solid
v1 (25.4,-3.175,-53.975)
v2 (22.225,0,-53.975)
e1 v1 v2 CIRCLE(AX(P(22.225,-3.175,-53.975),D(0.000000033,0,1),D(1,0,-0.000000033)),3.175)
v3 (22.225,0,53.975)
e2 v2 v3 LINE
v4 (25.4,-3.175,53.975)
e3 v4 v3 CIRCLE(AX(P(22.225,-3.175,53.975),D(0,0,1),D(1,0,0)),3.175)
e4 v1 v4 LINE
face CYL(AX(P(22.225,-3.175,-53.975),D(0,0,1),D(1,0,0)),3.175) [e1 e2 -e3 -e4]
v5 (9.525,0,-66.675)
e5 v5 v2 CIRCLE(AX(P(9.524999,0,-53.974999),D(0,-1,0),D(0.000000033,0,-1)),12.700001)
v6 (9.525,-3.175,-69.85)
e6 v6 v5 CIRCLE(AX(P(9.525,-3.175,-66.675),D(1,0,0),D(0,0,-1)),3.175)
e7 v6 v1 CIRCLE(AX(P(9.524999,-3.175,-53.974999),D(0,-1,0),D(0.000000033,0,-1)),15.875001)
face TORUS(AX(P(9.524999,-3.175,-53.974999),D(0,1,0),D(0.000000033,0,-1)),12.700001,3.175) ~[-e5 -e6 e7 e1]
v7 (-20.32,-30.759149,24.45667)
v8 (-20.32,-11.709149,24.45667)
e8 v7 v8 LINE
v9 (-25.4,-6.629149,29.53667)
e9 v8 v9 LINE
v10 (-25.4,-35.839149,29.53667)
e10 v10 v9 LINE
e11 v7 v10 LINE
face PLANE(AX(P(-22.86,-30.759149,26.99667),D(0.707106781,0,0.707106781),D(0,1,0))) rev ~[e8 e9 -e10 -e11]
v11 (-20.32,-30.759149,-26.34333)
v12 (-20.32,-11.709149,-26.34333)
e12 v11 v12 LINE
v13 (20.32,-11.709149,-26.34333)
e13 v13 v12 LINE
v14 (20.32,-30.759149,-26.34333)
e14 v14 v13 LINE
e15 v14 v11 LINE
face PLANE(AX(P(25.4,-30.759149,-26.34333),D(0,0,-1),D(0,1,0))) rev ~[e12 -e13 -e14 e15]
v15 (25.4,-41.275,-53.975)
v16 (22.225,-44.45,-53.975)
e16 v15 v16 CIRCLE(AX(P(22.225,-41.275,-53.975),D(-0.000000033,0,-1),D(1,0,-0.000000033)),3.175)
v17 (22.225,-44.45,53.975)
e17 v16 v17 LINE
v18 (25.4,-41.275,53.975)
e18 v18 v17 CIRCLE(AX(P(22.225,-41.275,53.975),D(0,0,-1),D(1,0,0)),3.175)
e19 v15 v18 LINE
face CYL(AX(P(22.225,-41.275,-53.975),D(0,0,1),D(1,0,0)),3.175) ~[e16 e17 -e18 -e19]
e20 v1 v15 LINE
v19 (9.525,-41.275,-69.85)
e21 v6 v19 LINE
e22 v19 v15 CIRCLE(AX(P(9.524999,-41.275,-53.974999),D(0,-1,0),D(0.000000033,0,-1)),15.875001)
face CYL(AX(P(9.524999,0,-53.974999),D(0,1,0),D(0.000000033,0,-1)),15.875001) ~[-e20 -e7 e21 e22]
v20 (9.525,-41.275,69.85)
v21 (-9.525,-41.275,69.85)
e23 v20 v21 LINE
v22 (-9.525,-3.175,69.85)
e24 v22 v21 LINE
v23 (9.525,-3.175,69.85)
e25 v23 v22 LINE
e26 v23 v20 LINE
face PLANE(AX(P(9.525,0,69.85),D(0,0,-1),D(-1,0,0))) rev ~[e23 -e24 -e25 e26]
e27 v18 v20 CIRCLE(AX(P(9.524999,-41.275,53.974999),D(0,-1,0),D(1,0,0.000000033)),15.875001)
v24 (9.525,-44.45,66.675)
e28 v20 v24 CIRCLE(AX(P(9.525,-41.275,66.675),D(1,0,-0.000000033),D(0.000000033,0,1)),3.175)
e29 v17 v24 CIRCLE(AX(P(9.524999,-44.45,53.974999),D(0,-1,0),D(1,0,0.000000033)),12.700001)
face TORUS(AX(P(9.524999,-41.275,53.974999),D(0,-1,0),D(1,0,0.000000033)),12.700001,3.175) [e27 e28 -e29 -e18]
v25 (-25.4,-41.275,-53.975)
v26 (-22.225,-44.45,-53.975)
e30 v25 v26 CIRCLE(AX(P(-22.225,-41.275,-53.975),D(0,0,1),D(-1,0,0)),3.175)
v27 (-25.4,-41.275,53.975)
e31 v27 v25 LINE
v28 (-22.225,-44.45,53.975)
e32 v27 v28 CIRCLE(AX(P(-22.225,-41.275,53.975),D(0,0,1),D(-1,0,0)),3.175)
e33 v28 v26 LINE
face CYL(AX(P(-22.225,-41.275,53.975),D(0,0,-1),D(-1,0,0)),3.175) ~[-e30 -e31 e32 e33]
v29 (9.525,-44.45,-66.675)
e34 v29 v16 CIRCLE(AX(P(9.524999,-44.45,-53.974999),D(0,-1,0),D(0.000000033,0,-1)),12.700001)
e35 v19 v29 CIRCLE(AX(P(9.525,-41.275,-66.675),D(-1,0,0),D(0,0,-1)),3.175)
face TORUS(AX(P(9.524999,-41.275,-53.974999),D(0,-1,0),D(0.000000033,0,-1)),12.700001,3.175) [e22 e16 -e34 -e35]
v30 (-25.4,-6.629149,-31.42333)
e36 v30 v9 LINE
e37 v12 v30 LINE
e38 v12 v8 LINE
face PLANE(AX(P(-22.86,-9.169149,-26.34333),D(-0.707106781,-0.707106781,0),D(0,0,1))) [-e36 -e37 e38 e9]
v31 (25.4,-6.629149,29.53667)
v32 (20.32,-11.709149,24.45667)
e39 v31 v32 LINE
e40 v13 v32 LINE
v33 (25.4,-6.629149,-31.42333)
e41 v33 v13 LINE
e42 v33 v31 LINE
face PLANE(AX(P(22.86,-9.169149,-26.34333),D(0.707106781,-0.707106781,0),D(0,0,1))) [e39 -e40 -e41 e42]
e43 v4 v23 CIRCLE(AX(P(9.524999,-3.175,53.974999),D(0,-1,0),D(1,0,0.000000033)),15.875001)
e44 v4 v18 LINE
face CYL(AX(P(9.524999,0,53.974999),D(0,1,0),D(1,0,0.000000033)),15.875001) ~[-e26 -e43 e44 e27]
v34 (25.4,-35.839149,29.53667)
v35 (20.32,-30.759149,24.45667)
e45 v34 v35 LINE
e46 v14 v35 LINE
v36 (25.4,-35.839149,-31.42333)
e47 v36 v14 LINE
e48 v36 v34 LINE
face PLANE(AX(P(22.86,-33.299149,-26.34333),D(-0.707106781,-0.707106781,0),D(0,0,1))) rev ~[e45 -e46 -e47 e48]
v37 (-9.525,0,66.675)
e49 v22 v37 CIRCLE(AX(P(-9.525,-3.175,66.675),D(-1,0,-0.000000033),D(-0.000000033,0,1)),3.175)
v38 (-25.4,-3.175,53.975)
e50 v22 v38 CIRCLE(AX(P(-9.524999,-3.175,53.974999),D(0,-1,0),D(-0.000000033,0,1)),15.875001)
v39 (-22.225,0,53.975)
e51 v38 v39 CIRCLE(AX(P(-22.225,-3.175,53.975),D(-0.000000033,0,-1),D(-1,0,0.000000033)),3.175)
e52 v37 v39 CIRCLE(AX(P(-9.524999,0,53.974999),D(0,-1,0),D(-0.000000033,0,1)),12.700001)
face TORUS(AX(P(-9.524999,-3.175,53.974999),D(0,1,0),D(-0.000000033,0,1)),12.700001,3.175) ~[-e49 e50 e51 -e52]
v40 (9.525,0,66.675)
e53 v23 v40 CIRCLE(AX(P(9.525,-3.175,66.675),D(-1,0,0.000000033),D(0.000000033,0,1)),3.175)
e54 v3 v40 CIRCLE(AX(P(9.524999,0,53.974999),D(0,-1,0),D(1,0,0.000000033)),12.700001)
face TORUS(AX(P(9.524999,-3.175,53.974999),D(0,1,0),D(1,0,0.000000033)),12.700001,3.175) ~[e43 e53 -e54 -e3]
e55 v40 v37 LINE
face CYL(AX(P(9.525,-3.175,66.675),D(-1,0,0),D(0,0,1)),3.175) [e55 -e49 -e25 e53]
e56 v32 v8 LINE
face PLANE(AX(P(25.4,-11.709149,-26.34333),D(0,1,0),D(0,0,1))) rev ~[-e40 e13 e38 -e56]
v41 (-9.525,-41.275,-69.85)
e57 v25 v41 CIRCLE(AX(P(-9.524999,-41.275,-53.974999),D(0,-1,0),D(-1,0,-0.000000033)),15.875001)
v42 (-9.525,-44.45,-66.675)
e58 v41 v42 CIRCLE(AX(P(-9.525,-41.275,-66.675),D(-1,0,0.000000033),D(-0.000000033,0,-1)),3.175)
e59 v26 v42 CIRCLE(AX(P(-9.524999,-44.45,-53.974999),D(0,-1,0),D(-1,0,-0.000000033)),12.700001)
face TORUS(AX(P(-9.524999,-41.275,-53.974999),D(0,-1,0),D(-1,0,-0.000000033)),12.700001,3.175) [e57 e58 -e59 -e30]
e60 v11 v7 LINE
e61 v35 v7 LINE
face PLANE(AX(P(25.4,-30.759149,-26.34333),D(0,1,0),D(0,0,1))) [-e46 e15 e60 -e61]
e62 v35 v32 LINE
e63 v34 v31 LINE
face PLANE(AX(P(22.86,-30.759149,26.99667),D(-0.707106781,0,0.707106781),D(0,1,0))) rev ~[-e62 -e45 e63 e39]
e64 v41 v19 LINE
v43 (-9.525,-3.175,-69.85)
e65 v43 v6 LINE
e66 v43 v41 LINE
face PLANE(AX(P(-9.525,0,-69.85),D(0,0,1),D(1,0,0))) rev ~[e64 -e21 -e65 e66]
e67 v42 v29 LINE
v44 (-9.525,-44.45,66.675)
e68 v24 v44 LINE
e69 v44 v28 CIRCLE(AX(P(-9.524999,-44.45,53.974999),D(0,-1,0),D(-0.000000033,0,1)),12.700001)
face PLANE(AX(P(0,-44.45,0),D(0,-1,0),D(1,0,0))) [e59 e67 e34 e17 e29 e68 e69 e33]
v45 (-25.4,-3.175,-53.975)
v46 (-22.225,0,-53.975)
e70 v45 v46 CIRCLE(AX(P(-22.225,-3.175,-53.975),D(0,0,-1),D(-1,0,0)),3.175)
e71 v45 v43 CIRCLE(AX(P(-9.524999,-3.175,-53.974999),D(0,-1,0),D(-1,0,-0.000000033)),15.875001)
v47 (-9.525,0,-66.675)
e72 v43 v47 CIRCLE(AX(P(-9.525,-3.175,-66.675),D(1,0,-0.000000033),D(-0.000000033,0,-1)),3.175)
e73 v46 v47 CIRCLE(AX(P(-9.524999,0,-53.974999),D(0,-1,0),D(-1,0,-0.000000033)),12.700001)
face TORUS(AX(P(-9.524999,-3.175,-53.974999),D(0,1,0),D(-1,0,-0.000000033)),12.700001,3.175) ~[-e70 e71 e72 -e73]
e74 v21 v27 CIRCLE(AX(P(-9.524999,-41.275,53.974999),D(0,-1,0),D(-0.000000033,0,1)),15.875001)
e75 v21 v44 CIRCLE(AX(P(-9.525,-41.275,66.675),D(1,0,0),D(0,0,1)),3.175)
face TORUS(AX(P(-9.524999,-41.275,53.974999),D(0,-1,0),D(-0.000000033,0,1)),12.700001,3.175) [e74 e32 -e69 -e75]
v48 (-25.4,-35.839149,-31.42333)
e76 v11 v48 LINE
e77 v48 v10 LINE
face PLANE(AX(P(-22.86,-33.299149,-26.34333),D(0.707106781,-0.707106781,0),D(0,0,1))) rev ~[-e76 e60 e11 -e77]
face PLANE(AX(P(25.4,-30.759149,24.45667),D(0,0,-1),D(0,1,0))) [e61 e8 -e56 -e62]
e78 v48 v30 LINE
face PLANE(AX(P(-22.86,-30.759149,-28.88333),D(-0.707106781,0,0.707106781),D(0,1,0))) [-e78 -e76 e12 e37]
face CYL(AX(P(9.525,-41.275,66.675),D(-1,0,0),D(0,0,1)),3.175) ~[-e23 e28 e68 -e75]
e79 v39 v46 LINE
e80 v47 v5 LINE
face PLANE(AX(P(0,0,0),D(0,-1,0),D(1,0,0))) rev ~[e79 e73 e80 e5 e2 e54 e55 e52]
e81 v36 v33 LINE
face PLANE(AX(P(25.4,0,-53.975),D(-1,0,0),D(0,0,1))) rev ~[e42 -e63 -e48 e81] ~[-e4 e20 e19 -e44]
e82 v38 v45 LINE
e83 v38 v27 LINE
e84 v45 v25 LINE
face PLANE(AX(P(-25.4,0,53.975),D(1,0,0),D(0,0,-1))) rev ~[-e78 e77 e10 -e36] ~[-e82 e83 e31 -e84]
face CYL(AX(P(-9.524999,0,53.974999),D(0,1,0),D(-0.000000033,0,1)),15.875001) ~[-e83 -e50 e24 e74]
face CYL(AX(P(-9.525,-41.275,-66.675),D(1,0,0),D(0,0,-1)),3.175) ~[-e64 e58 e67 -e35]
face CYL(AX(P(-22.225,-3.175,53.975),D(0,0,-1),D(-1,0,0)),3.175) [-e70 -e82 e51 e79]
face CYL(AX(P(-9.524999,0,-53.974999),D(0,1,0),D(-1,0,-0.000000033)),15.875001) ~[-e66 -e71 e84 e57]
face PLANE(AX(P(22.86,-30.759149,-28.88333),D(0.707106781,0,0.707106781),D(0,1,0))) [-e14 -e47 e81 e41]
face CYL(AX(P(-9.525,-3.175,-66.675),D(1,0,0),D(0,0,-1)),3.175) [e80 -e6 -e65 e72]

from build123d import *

# Parameters (mm, degrees)
F1_DEPTH = 44.45
F2_R     = 3.175
F3_W     = 19.05
F3_H     = 50.8
F4_DEPTH = 50.801
F5_SIZE  = 5.08


with BuildPart() as f1:
    # F0 (on Front) → F1 (new body)
    with BuildSketch(Plane.XZ):
        with BuildLine():
            ThreePointArc((25.4, 53.975), (20.75032, 65.20032), (9.525, 69.85))
            Line((9.525, 69.85), (-9.525, 69.85))
            ThreePointArc((-9.525, 69.85), (-20.75032, 65.20032), (-25.4, 53.975))
            Line((-25.4, 53.975), (-25.4, -53.975))
            ThreePointArc((-25.4, -53.975), (-20.75032, -65.20032), (-9.525, -69.85))
            Line((-9.525, -69.85), (9.525, -69.85))
            ThreePointArc((9.525, -69.85), (20.75032, -65.20032), (25.4, -53.975))
            Line((25.4, -53.975), (25.4, 53.975))
        make_face()
    extrude(amount=F1_DEPTH)

    # F2
    f2_edges = [f1.edges().sort_by_distance(p)[0] for p in [
        (-25.4, -44.45, 0),
        (-20.75032, 0, 65.20032),
    ]]
    fillet(f2_edges, radius=F2_R)

    # F3 (on face) → F4 (cut, through all)
    with BuildSketch(Plane.YZ.offset(25.4)):
        with Locations((-21.234149, -0.94333)):
            Rectangle(F3_W, F3_H)
    extrude(amount=-F4_DEPTH, mode=Mode.SUBTRACT)

    # F5
    f5_edges = [f1.edges().sort_by_distance(p)[0] for p in [
        (-25.4, -11.709149, -0.94333),
        (-25.4, -21.234149, 24.45667),
        (-25.4, -30.759149, -0.94333),
        (-25.4, -21.234149, -26.34333),
        (25.4, -21.234149, 24.45667),
        (25.4, -11.709149, -0.94333),
        (25.4, -21.234149, -26.34333),
        (25.4, -30.759149, -0.94333),
    ]]
    chamfer(f5_edges, length=F5_SIZE)


solid = f1.part
